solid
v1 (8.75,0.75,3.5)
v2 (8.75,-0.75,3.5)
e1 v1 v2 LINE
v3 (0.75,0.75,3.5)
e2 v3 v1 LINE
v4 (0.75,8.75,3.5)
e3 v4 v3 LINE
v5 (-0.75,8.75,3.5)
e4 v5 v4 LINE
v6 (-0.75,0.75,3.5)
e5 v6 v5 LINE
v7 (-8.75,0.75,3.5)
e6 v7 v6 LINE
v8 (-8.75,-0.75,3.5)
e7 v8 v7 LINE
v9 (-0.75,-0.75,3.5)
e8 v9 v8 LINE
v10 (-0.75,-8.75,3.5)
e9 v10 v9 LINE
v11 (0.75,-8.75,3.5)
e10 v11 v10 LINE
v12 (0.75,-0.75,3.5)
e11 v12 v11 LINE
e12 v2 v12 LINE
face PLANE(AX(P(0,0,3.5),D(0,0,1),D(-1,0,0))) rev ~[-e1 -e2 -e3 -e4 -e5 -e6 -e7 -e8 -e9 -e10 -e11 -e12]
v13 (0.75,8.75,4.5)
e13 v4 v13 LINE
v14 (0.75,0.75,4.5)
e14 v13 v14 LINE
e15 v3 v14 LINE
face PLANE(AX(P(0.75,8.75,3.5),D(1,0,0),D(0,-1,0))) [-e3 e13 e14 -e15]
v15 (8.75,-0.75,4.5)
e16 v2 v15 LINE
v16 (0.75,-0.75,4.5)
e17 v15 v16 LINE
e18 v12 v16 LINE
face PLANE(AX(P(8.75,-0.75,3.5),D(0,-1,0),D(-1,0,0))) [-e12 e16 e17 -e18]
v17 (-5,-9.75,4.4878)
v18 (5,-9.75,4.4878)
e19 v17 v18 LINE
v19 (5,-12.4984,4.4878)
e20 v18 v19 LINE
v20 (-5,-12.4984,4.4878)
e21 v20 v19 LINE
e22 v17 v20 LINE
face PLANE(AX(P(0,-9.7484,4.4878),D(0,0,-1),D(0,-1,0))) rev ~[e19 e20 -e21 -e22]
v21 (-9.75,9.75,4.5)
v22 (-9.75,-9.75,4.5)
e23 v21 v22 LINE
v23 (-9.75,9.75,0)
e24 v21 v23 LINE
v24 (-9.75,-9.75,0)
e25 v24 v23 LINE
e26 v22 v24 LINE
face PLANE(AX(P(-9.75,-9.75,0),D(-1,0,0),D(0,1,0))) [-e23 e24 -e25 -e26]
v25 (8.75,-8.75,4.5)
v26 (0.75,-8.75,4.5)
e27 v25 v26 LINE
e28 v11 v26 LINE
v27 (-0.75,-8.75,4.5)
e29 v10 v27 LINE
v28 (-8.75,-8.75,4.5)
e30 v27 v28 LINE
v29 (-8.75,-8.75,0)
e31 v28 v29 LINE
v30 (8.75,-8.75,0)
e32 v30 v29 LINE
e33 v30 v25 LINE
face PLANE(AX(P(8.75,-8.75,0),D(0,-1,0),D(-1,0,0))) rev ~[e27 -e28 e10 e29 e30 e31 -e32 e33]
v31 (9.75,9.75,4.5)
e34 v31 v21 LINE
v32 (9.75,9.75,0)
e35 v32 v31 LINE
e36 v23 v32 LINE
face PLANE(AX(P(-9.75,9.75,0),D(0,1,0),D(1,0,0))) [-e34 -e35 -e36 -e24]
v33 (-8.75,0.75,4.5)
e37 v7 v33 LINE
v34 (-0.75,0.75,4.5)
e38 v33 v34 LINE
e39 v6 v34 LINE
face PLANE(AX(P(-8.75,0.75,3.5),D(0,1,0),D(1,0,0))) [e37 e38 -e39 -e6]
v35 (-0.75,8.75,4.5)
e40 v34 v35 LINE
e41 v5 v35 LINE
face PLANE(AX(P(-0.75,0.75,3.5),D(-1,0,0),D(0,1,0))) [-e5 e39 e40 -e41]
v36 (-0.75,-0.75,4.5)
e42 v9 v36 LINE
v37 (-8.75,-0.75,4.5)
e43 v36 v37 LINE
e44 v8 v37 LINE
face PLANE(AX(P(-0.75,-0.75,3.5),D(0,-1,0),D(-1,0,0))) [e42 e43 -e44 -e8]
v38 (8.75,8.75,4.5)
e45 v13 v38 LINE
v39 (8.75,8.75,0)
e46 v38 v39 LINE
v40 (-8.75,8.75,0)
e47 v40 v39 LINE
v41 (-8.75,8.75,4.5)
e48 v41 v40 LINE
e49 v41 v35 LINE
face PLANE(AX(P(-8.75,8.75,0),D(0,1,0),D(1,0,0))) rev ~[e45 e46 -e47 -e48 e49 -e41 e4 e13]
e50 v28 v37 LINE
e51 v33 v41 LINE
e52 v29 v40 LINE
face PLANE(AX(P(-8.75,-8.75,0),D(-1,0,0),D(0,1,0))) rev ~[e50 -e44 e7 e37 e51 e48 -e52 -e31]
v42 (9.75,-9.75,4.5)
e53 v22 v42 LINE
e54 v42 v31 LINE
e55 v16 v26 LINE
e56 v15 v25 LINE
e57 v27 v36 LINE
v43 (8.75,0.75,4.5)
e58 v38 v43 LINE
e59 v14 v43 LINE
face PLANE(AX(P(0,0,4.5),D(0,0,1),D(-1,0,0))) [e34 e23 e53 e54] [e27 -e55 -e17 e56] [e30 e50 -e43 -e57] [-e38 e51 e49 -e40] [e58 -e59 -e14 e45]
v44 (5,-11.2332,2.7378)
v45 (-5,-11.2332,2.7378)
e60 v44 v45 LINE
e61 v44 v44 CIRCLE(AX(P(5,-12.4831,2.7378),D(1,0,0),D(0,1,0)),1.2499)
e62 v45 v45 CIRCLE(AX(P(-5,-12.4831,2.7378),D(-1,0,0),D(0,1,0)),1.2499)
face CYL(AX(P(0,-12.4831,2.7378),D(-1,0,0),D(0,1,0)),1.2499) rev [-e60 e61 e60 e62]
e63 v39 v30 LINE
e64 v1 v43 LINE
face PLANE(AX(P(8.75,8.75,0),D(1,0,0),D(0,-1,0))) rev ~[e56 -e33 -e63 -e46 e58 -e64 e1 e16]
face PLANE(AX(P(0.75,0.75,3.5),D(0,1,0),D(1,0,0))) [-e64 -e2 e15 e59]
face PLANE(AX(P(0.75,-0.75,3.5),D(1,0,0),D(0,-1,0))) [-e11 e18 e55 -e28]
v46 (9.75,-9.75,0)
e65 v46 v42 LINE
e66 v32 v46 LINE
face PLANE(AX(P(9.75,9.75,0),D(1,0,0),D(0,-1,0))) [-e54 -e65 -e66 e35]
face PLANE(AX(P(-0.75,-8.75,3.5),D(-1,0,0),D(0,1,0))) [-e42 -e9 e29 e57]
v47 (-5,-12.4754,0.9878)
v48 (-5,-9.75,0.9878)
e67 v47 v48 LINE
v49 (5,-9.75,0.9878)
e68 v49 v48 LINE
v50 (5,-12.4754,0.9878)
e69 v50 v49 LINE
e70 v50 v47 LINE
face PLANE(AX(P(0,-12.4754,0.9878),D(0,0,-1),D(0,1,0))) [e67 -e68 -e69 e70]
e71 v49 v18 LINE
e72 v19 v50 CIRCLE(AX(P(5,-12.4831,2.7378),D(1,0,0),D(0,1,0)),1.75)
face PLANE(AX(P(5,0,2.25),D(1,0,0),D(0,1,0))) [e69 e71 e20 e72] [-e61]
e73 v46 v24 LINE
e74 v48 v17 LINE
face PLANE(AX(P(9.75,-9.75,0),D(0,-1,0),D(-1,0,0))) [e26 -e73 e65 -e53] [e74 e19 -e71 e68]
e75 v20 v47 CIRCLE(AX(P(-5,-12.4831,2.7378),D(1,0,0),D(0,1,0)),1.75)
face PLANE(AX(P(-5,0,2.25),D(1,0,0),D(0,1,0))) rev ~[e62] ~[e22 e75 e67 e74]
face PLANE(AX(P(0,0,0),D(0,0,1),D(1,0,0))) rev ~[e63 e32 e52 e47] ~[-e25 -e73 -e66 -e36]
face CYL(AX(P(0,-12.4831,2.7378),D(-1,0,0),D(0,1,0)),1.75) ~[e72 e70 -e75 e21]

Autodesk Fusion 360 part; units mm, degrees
sketch "Sketch1" plane through (0, 0, 0) normal (0, 0, 1) x (1, 0, 0)
  line L0 (8.75, -8.75) -> (-8.75, -8.75)
  line L1 (-8.75, -8.75) -> (-8.75, 8.75)
  line L2 (-8.75, 8.75) -> (8.75, 8.75)
  line L3 (8.75, 8.75) -> (8.75, -8.75)
  line L4 (8.75, -8.75) -> (-8.75, 8.75) construction
  line L5 (-8.75, -8.75) -> (8.75, 8.75) construction
  line L6 (9.75, -9.75) -> (-9.75, -9.75)
  line L7 (-9.75, -9.75) -> (-9.75, 9.75)
  line L8 (-9.75, 9.75) -> (9.75, 9.75)
  line L9 (9.75, 9.75) -> (9.75, -9.75)
  line L10 (9.75, -9.75) -> (-9.75, 9.75) construction
  line L11 (-9.75, -9.75) -> (9.75, 9.75) construction
  dimension "d1" = 17.5
  dimension "d2" = 17.5
  dimension "d3" = 19.5
  dimension "d4" = 19.5
extrude "Extrude1" add sketch "Sketch1" along normal blind 3.5
sketch "Sketch2" plane through (0, 0, 3.5) normal (0, 0, 1) x (-1, 0, 0)
  line L0 (8.75, -8.75) -> (-8.75, -8.75)
  line L1 (-8.75, -8.75) -> (-8.75, 8.75)
  line L2 (-8.75, 8.75) -> (8.75, 8.75)
  line L3 (8.75, 8.75) -> (8.75, -8.75)
  line L4 (-9.75, -9.75) -> (9.75, -9.75)
  line L5 (9.75, -9.75) -> (9.75, 9.75)
  line L6 (9.75, 9.75) -> (-9.75, 9.75)
  line L7 (-9.75, 9.75) -> (-9.75, -9.75)
  line L8 (0.75, -9.75) -> (-0.75, -9.75)
  line L9 (-0.75, -9.75) -> (-0.75, 9.75)
  line L10 (-0.75, 9.75) -> (0.75, 9.75)
  line L11 (0.75, 9.75) -> (0.75, -9.75)
  line L12 (0.75, -9.75) -> (-0.75, 9.75) construction
  line L13 (-0.75, -9.75) -> (0.75, 9.75) construction
  line L14 (9.75, -0.75) -> (-9.75, -0.75)
  line L15 (-9.75, -0.75) -> (-9.75, 0.75)
  line L16 (-9.75, 0.75) -> (9.75, 0.75)
  line L17 (9.75, 0.75) -> (9.75, -0.75)
  line L18 (9.75, -0.75) -> (-9.75, 0.75) construction
  line L19 (-9.75, -0.75) -> (9.75, 0.75) construction
  dimension "d7" = 1.5
  dimension "d8" = 1.5
extrude "Extrude2" add sketch "Sketch2" along normal blind 1 contours L0 L3 L4 L5 L11 L14 | L0 L4 L8 L9 L11 | L0 L9 L11 L14 | L3 L11 L14 L16 | L3 L5 L14 L16 L17 | L0 L1 L4 L7 L9 L14 | L9 L11 L14 L16 | L2 L3 L5 L6 L11 L16 | L1 L9 L14 L16 | L2 L9 L11 L16 | L1 L7 L14 L15 L16 | L2 L6 L9 L10 L11 | L1 L2 L6 L7 L9 L16
ref_plane "WorkPlane1" through (0, 0, 2.25) normal (1, 0, 0) x (0, 1, 0)
sketch "Sketch3" plane through (0, 0, 2.25) normal (1, 0, 0) x (0, 1, 0)
  line L0 (-9.7484, 2.2378) -> (-12.4984, 2.2378)
  line L1 (-12.4984, 2.2378) -> (-12.4984, -0.5122)
  line L2 (-12.4984, -0.5122) -> (-9.7484, -0.5122)
  line L3 (-9.7484, -0.5122) -> (-9.7484, 2.2378)
  circle A0 centre (-12.4831, 0.4878) radius 1.75
  circle A1 centre (-12.4831, 0.4878) radius 1.2499
  line L4 (-9.7484, -0.5122) -> (-12.4754, -0.5122)
  line L5 (-12.4754, -0.5122) -> (-12.4754, -1.2622)
  line L6 (-12.4754, -1.2622) -> (-9.7484, -1.2622)
  line L7 (-9.7484, -1.2622) -> (-9.7484, -0.5122)
  dimension "d12" = 2.75
  dimension "d13" = 2.75
  dimension "d14" = 3.5
  dimension "d15" = 2.4999
extrude "Extrude3" add sketch "Sketch3" along normal blind 5 contours L1 L2 A0 A1 L4 | L1 A0 A1 L5 | L0 L2 L3 A0 L4 | L2 A0 L4 L6 L7 | L2 A0 A1 L4 L5
extrude "Extrude4" add sketch "Sketch3" against normal blind 5 contours L1 L2 A0 A1 L4 | L1 A0 A1 L5 | L0 L2 L3 A0 L4 | L2 A0 L4 L6 L7 | L2 A0 A1 L4 L5
